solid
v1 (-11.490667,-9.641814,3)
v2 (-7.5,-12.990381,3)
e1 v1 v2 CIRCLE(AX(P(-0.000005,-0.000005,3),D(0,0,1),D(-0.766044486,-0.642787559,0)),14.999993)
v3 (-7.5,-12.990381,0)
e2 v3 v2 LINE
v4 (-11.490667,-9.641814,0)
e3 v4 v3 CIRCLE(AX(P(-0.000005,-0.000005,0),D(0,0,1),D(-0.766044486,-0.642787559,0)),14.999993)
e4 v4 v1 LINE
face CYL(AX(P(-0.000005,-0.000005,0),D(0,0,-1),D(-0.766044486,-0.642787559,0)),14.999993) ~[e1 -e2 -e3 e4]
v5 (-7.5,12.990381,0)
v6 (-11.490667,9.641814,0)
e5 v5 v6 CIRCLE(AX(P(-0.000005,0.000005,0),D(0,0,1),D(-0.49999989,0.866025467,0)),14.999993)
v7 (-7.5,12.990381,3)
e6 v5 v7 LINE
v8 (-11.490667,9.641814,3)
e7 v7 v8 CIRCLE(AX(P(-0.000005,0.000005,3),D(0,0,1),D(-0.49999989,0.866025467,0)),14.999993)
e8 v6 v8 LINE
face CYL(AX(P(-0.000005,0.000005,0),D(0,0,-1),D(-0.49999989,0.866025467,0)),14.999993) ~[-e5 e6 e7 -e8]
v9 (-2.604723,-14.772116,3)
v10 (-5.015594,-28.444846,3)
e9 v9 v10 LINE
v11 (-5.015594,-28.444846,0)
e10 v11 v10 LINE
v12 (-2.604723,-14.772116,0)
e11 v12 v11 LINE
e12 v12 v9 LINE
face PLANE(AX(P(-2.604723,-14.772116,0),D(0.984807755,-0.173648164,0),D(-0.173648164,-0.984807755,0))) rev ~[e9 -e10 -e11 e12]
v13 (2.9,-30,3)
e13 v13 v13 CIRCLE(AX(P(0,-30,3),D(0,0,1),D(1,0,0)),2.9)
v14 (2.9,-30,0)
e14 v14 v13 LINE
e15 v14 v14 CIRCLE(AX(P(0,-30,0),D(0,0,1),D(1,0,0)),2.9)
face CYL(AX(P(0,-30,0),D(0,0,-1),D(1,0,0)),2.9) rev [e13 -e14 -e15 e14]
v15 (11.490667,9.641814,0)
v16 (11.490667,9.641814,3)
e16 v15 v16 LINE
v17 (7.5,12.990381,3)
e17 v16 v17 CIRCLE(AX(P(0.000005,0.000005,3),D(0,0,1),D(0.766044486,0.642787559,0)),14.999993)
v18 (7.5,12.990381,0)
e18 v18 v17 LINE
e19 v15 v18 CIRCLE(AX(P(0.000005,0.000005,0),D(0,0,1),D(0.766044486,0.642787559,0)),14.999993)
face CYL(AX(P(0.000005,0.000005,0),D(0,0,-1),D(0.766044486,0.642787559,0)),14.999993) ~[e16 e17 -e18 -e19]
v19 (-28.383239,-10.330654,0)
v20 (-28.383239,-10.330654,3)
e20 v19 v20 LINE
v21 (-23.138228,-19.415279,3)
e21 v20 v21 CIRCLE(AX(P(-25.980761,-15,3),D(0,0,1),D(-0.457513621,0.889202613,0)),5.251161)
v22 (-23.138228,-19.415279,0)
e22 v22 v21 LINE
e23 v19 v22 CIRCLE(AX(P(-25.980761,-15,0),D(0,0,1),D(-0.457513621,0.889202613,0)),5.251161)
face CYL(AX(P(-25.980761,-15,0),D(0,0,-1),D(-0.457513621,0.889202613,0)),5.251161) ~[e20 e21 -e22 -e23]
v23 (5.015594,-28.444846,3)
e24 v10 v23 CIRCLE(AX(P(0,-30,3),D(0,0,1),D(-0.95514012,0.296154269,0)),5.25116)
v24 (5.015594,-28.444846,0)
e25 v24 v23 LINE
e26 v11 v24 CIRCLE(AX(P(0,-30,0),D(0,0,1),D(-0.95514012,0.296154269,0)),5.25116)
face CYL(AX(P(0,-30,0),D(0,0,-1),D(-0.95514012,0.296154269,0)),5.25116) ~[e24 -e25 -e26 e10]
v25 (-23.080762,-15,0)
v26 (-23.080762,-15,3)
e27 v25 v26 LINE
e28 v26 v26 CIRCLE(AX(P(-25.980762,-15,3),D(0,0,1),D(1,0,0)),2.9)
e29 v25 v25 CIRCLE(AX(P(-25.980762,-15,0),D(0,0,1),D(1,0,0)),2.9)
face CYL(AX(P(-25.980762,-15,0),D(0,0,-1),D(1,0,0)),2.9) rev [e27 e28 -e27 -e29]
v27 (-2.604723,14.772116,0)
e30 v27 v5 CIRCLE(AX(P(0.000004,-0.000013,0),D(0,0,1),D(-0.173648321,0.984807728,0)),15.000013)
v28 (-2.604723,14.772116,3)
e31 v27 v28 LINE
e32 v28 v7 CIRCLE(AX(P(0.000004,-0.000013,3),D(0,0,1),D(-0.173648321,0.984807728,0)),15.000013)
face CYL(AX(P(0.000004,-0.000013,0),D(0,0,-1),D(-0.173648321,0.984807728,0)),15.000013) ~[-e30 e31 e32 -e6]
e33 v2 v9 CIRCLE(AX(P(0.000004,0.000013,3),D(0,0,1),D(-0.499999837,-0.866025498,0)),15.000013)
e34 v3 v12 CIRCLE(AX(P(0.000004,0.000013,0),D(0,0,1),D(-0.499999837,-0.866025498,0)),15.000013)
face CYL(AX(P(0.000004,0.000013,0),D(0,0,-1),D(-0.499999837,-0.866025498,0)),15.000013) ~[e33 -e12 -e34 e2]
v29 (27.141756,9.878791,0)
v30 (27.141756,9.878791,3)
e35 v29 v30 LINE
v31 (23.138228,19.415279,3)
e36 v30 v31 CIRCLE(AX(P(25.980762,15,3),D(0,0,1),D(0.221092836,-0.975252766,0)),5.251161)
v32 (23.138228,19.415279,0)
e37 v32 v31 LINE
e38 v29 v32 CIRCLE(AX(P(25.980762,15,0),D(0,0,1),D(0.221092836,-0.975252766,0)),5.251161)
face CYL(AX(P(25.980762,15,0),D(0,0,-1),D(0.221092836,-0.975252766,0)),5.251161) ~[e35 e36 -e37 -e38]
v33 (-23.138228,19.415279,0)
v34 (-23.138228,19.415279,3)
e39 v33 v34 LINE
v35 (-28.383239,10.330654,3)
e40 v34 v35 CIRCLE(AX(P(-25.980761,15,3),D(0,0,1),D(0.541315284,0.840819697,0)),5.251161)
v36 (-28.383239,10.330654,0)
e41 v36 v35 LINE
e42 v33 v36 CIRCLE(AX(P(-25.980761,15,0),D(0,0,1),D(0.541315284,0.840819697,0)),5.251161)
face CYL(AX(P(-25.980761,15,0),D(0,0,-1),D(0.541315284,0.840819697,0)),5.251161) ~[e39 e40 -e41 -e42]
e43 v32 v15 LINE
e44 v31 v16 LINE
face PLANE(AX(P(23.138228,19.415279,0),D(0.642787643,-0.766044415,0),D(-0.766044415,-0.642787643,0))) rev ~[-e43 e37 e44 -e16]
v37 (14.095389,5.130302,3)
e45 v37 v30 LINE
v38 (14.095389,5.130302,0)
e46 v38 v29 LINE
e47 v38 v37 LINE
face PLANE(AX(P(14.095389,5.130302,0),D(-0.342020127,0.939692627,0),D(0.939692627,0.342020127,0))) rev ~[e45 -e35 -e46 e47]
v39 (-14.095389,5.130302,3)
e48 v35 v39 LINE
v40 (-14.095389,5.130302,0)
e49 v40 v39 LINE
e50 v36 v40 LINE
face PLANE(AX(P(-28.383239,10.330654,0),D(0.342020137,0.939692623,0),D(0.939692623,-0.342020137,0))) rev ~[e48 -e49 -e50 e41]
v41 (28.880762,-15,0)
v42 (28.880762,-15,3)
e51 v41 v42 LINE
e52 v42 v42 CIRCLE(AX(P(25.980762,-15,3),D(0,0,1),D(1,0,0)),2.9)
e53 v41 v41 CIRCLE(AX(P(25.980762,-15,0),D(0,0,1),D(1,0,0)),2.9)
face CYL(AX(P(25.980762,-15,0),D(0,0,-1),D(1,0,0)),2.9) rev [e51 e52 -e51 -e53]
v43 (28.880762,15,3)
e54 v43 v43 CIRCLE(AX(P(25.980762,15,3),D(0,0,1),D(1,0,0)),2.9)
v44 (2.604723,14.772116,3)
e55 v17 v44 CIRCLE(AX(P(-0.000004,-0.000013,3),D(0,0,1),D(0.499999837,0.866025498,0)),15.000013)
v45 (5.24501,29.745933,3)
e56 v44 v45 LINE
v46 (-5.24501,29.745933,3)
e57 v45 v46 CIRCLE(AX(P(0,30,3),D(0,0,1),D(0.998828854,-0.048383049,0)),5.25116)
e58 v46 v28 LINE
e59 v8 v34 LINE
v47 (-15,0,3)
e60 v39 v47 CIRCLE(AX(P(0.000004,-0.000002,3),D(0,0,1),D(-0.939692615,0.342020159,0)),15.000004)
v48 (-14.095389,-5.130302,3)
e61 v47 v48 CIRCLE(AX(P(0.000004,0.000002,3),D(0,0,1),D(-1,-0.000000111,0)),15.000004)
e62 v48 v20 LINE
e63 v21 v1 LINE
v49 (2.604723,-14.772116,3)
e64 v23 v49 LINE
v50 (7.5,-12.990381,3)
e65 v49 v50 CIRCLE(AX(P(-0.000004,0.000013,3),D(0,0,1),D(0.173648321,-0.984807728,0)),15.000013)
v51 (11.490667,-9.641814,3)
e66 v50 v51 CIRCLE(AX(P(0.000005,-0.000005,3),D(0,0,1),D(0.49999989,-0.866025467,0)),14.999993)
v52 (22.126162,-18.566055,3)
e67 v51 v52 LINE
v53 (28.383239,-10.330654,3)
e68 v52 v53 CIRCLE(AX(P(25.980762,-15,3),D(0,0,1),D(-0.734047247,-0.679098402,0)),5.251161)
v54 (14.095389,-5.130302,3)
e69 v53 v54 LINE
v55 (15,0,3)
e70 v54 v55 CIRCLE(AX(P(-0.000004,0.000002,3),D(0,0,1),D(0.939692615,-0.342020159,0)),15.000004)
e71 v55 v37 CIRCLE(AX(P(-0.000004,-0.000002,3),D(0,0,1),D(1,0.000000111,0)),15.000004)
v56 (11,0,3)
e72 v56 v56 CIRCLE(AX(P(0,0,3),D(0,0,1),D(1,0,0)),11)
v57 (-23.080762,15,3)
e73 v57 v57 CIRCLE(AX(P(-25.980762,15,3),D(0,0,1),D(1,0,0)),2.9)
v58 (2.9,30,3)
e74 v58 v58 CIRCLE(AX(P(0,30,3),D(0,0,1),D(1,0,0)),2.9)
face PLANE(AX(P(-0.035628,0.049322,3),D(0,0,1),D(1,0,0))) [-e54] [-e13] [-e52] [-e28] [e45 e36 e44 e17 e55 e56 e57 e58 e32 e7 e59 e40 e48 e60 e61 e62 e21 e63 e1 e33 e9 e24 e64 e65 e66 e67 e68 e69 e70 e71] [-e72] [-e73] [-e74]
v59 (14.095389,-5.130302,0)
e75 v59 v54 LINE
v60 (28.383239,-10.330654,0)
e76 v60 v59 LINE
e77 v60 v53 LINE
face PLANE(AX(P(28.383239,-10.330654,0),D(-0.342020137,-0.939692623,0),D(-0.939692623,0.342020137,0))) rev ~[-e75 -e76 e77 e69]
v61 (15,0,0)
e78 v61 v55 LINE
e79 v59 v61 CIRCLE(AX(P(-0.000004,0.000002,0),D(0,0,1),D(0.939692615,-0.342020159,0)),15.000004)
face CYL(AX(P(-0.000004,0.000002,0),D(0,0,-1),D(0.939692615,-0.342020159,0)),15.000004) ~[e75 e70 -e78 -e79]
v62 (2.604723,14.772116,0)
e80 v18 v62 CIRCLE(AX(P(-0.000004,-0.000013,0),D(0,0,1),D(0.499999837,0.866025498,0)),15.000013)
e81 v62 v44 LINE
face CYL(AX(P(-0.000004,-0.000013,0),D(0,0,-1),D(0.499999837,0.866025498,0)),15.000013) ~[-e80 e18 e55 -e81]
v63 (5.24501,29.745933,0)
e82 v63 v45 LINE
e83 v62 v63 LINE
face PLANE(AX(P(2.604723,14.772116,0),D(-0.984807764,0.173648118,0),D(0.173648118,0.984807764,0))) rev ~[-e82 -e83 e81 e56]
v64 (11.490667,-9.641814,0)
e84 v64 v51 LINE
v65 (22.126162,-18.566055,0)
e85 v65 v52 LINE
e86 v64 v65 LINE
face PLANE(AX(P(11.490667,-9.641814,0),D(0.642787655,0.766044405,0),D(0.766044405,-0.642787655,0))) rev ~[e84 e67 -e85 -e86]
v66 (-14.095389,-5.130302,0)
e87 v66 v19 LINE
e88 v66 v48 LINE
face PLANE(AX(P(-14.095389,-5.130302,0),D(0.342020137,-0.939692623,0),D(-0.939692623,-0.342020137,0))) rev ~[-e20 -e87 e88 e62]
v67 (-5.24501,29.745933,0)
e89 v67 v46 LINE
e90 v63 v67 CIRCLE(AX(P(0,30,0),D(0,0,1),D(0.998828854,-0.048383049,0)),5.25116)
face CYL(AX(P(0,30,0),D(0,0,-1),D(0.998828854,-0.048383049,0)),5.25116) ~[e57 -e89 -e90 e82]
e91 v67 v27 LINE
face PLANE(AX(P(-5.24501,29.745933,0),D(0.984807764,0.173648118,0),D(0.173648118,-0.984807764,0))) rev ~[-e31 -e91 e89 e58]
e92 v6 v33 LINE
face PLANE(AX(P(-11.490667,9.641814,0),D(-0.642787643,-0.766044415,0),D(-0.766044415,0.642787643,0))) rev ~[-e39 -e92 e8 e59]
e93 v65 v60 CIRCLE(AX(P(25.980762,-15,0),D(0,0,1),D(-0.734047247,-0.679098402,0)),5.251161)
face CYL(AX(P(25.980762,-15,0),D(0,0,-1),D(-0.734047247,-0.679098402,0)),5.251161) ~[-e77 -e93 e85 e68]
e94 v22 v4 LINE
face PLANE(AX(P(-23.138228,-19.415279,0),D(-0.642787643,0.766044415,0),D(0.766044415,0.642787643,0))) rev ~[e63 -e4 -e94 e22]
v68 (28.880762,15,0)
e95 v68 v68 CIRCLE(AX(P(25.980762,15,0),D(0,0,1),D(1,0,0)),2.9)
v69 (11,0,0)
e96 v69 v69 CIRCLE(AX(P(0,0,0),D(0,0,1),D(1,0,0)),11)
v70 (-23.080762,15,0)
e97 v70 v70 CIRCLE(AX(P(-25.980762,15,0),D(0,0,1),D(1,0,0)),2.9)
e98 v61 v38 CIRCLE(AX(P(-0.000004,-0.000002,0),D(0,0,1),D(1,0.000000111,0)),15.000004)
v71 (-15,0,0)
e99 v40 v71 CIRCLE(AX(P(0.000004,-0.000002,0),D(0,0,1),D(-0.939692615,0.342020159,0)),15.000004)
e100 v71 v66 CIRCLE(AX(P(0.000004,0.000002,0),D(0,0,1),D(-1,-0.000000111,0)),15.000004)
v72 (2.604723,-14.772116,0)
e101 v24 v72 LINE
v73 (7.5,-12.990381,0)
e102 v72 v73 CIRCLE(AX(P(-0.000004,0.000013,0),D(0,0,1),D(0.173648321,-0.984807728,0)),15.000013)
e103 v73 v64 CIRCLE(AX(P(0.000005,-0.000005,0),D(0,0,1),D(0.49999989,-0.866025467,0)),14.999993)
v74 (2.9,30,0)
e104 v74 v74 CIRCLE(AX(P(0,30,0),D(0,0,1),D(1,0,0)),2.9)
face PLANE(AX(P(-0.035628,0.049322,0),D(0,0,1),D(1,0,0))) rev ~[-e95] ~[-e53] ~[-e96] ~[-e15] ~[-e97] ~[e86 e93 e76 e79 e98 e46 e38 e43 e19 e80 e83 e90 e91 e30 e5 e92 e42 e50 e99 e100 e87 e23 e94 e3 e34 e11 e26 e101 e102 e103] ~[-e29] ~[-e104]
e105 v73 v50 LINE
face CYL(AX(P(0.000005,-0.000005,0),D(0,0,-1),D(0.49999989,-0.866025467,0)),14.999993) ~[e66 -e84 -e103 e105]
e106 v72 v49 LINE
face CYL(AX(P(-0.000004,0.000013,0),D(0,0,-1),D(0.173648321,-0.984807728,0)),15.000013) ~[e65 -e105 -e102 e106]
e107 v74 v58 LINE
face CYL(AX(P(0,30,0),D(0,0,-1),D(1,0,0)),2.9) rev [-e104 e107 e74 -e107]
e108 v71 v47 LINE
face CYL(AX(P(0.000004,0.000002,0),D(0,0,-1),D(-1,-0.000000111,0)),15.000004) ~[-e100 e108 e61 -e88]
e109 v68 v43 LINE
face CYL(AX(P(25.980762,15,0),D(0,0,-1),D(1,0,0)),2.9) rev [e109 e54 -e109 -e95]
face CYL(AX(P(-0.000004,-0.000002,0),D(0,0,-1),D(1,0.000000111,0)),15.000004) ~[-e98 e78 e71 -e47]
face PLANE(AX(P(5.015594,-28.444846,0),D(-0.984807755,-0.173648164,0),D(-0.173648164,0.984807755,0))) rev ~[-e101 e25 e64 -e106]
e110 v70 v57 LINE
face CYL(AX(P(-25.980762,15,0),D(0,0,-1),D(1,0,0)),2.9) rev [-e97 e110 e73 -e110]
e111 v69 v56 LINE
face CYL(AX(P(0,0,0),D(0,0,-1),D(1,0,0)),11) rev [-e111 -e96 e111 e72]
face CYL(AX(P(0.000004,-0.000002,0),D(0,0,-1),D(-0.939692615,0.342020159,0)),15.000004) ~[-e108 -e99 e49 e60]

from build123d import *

# Parameters (mm, degrees)
F0_R     = 2.9
F0_R_2   = 11
F1_DEPTH = 3


with BuildPart() as f1:
    # F0 (on Top) → F1 (new body)
    with BuildSketch(Plane.XY):
        with BuildLine():
            Line((-5.24501, 29.745933), (-2.604723, 14.772116))
            ThreePointArc((-2.604723, 14.772116), (-5.130302, 14.095389), (-7.5, 12.990381))
            ThreePointArc((-7.5, 12.990381), (-9.641814, 11.490667), (-11.490667, 9.641814))
            Line((-11.490667, 9.641814), (-23.138228, 19.415279))
            ThreePointArc((-23.138228, 19.415279), (-30.5284, 17.62558), (-28.383239, 10.330654))
            Line((-28.383239, 10.330654), (-14.095389, 5.130302))
            ThreePointArc((-14.095389, 5.130302), (-14.772116, 2.604723), (-15, 0))
            ThreePointArc((-15, 0), (-14.772116, -2.604723), (-14.095389, -5.130302))
            Line((-14.095389, -5.130302), (-28.383239, -10.330654))
            ThreePointArc((-28.383239, -10.330654), (-30.5284, -17.62558), (-23.138228, -19.415279))
            Line((-23.138228, -19.415279), (-11.490667, -9.641814))
            ThreePointArc((-11.490667, -9.641814), (-9.641814, -11.490667), (-7.5, -12.990381))
            ThreePointArc((-7.5, -12.990381), (-5.130302, -14.095389), (-2.604723, -14.772116))
            Line((-2.604723, -14.772116), (-5.015594, -28.444846))
            ThreePointArc((-5.015594, -28.444846), (0, -35.25116), (5.015594, -28.444846))
            Line((5.015594, -28.444846), (2.604723, -14.772116))
            ThreePointArc((2.604723, -14.772116), (5.130302, -14.095389), (7.5, -12.990381))
            ThreePointArc((7.5, -12.990381), (9.641814, -11.490667), (11.490667, -9.641814))
            Line((11.490667, -9.641814), (22.126162, -18.566055))
            ThreePointArc((22.126162, -18.566055), (30.161985, -18.176801), (28.383239, -10.330654))
            Line((28.383239, -10.330654), (14.095389, -5.130302))
            ThreePointArc((14.095389, -5.130302), (14.772116, -2.604723), (15, 0))
            ThreePointArc((15, 0), (14.772116, 2.604723), (14.095389, 5.130302))
            Line((14.095389, 5.130302), (27.141756, 9.878791))
            ThreePointArc((27.141756, 9.878791), (30.822564, 17.032644), (23.138228, 19.415279))
            Line((23.138228, 19.415279), (11.490667, 9.641814))
            ThreePointArc((11.490667, 9.641814), (9.641814, 11.490667), (7.5, 12.990381))
            ThreePointArc((7.5, 12.990381), (5.130302, 14.095389), (2.604723, 14.772116))
            Line((2.604723, 14.772116), (5.24501, 29.745933))
            ThreePointArc((5.24501, 29.745933), (0, 35.25116), (-5.24501, 29.745933))
        make_face()
        with Locations((0, -30)):
            Circle(F0_R, mode=Mode.SUBTRACT)
        with Locations((-25.980762, -15)):
            Circle(F0_R, mode=Mode.SUBTRACT)
        with Locations((25.980762, -15)):
            Circle(F0_R, mode=Mode.SUBTRACT)
        with Locations((-25.980762, 15)):
            Circle(F0_R, mode=Mode.SUBTRACT)
        Circle(F0_R_2, mode=Mode.SUBTRACT)
        with Locations((0, 30)):
            Circle(F0_R, mode=Mode.SUBTRACT)
        with Locations((25.980762, 15)):
            Circle(F0_R, mode=Mode.SUBTRACT)
    extrude(amount=F1_DEPTH)


solid = f1.part
